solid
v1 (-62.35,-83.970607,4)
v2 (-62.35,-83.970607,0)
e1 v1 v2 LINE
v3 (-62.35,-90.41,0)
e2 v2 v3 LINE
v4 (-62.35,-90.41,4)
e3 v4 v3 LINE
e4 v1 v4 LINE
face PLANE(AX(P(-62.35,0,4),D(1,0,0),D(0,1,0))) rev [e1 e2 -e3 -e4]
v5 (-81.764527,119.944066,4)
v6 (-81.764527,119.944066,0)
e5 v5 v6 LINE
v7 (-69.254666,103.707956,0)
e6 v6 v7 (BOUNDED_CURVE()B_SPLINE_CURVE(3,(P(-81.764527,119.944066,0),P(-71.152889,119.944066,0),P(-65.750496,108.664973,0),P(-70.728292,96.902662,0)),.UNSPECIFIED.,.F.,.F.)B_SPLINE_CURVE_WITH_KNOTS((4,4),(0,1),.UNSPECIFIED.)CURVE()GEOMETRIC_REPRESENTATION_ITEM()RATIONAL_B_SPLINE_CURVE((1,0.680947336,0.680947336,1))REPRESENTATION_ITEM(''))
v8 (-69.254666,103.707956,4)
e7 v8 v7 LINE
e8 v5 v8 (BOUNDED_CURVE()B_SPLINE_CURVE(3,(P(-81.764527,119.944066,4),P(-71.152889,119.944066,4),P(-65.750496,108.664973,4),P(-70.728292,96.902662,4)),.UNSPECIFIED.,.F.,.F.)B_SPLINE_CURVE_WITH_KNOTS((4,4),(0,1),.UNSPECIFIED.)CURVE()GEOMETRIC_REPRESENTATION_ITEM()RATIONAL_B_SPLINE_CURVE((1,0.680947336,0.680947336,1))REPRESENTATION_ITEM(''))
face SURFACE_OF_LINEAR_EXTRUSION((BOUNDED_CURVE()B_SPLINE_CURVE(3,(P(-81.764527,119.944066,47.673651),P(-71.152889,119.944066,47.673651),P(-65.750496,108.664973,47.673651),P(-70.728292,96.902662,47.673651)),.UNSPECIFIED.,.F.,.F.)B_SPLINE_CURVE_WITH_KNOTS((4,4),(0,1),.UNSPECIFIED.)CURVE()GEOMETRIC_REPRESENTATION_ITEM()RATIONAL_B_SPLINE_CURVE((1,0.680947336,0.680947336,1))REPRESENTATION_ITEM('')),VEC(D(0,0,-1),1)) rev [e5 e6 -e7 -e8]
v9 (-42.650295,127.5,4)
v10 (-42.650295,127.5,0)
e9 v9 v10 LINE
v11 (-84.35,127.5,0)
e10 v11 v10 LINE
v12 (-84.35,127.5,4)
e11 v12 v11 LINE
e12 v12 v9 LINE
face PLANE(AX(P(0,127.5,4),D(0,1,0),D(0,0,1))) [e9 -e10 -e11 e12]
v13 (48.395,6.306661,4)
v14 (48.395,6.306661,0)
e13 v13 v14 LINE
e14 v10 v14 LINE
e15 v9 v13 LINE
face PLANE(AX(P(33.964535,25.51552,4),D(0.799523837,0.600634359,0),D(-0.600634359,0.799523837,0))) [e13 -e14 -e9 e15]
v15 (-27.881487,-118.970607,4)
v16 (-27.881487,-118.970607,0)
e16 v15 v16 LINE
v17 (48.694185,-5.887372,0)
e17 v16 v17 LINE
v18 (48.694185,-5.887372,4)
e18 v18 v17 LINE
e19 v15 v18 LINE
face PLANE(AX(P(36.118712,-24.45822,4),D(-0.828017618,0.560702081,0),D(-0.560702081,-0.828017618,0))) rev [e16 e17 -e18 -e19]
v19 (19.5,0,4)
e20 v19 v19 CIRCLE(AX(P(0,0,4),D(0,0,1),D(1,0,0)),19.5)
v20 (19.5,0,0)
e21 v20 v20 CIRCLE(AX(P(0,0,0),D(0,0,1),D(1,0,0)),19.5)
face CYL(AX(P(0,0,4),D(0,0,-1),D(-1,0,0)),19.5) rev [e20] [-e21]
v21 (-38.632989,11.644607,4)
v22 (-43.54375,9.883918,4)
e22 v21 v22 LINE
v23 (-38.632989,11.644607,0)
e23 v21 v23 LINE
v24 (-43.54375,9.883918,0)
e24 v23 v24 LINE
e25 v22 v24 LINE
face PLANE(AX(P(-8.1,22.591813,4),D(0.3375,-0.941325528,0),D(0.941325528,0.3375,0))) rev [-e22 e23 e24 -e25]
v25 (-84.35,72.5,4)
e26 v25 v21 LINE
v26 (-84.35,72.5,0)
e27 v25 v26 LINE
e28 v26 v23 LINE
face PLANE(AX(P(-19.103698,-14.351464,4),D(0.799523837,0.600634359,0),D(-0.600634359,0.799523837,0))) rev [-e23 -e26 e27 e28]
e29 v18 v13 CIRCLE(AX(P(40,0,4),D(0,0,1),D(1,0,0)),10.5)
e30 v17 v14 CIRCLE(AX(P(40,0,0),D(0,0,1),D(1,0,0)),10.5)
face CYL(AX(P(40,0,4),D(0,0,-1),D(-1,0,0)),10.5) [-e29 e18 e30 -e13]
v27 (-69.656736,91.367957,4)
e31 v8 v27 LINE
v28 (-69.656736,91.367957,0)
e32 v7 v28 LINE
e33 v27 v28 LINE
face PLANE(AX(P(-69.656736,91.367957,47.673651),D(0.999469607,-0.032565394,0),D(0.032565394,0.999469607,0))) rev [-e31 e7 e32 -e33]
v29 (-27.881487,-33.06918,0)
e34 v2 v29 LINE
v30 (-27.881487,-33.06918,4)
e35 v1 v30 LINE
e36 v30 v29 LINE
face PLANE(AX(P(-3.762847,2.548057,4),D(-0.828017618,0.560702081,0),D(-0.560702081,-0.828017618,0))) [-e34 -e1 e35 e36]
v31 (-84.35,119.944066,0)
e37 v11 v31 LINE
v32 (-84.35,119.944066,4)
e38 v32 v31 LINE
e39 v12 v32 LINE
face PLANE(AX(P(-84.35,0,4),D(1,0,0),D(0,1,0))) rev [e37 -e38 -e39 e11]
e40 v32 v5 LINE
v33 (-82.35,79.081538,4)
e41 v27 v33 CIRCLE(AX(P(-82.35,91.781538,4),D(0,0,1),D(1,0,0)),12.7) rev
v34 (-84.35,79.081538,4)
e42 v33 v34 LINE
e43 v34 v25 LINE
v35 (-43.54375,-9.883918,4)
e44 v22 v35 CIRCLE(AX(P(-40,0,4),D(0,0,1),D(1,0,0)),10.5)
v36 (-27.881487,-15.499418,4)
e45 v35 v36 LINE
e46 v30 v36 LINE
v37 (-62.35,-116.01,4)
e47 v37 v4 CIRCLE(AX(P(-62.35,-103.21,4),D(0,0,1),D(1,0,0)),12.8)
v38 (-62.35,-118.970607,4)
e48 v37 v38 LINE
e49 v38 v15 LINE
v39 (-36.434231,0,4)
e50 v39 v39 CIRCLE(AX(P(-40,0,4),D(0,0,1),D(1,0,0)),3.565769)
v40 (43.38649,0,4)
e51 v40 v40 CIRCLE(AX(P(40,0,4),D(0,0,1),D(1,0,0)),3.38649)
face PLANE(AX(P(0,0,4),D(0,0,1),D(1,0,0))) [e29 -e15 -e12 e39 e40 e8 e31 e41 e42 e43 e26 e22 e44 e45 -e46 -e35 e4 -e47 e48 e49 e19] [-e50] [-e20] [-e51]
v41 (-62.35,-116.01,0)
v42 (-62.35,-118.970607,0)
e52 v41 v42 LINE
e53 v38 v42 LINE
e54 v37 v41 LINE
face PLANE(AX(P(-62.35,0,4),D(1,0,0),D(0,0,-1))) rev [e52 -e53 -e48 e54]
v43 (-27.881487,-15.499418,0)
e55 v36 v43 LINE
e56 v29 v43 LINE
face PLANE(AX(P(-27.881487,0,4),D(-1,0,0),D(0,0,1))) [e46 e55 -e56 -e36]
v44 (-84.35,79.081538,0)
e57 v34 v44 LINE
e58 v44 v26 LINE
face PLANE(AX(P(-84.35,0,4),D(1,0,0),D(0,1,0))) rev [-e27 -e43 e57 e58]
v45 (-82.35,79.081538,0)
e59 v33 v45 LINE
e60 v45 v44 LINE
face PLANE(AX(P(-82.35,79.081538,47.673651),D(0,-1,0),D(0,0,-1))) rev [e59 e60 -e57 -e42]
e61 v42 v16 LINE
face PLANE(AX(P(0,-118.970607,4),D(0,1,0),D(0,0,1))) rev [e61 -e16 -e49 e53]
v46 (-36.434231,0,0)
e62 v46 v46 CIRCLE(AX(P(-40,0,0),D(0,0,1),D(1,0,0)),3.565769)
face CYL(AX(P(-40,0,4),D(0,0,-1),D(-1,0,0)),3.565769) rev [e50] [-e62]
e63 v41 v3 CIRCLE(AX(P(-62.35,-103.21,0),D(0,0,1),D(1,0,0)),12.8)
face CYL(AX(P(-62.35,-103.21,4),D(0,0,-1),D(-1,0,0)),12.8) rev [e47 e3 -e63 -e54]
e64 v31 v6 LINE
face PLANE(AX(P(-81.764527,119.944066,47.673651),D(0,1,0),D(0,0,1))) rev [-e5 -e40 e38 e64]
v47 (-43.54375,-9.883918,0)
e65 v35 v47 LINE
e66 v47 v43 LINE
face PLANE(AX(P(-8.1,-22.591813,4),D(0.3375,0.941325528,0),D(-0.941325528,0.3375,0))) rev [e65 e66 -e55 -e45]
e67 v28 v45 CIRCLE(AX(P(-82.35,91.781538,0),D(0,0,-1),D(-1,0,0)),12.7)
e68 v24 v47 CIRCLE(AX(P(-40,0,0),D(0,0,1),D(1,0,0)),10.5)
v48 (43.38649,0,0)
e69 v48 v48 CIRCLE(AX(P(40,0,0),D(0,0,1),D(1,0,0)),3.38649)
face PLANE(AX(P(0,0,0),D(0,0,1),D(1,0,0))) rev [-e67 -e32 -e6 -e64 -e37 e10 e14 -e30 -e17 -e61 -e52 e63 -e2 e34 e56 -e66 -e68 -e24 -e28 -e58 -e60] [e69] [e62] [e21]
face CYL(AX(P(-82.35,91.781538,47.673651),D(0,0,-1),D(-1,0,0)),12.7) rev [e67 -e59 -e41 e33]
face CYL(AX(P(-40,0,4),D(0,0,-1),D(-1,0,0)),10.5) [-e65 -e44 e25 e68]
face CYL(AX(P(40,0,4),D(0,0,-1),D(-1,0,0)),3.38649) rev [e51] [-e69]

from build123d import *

# Parameters (mm, degrees)
SKETCH1_R           = 3.565769245
SKETCH1_R_2         = 3.386490401
SKETCH1_R_3         = 19.5
BOSS_EXTRUDE1_DEPTH = 4
CUT_EXTRUDE1_DEPTH  = 4


with BuildPart() as part:
    # Sketch1 → Boss-Extrude1 (new body)
    with BuildSketch(Plane.XY):
        with BuildLine():
            ThreePointArc((-43.54375, 9.883918046), (-50.5, 0), (-43.54375, -9.883918046))
            Line((-43.54375, -9.883918046), (-27.881486705, -15.499418427))
            Line((-27.881486705, -15.499418427), (-27.881486705, -33.069179621))
            Line((-27.881486705, -33.069179621), (-62.35, -83.970607053))
            Line((-62.35, -83.970607053), (-62.35, -90.41))
            ThreePointArc((-62.35, -90.41), (-49.55, -103.21), (-62.35, -116.01))
            Line((-62.35, -116.01), (-62.35, -118.970607053))
            Line((-62.35, -118.970607053), (-27.881486705, -118.970607053))
            Line((-27.881486705, -118.970607053), (48.694184993, -5.887371851))
            ThreePointArc((48.694184993, -5.887371851), (50.496841017, 0.257543533), (48.395000292, 6.306660772))
            Line((48.395000292, 6.306660772), (-42.650294732, 127.5))
            Line((-42.650294732, 127.5), (-84.35, 127.5))
            Line((-84.35, 127.5), (-84.35, 72.5))
            Line((-84.35, 72.5), (-38.632989323, 11.644607286))
            Line((-38.632989323, 11.644607286), (-43.54375, 9.883918046))
        make_face()
        with Locations((-40, 0)):
            Circle(SKETCH1_R, mode=Mode.SUBTRACT)
        with Locations((40, 0)):
            Circle(SKETCH1_R_2, mode=Mode.SUBTRACT)
        Circle(SKETCH1_R_3, mode=Mode.SUBTRACT)
    extrude(amount=BOSS_EXTRUDE1_DEPTH)

    # Sketch2 → Cut-Extrude1 (cut)
    with BuildSketch(Plane(origin=(0, 0, 0), x_dir=(-1, 0, 0), z_dir=(0, 0, -1))):
        with BuildLine():
            Line((82.35, 79.081537598), (84.35, 79.081537598))
            Line((84.35, 79.081537598), (84.35, 119.944066118))
            Line((84.35, 119.944066118), (81.764527257, 119.944066118))
            add(Edge.make_bspline(
                [(69.254665804, 103.707956362), (68.93437366, 113.538092856), (74.471506462, 119.944066118), (81.764527257, 119.944066118)],
                knots=[0.236558718, 0.236558718, 0.236558718, 0.236558718, 1, 1, 1, 1], degree=3, weights=[0.82713852, 0.698801532, 0.756422025, 1]))
            Line((69.254665804, 103.707956362), (69.656735992, 91.3679571))
            ThreePointArc((69.656735992, 91.3679571), (73.517176905, 82.656230142), (82.35, 79.081537598))
        make_face()
    extrude(amount=-CUT_EXTRUDE1_DEPTH, mode=Mode.SUBTRACT)


solid = part.part
